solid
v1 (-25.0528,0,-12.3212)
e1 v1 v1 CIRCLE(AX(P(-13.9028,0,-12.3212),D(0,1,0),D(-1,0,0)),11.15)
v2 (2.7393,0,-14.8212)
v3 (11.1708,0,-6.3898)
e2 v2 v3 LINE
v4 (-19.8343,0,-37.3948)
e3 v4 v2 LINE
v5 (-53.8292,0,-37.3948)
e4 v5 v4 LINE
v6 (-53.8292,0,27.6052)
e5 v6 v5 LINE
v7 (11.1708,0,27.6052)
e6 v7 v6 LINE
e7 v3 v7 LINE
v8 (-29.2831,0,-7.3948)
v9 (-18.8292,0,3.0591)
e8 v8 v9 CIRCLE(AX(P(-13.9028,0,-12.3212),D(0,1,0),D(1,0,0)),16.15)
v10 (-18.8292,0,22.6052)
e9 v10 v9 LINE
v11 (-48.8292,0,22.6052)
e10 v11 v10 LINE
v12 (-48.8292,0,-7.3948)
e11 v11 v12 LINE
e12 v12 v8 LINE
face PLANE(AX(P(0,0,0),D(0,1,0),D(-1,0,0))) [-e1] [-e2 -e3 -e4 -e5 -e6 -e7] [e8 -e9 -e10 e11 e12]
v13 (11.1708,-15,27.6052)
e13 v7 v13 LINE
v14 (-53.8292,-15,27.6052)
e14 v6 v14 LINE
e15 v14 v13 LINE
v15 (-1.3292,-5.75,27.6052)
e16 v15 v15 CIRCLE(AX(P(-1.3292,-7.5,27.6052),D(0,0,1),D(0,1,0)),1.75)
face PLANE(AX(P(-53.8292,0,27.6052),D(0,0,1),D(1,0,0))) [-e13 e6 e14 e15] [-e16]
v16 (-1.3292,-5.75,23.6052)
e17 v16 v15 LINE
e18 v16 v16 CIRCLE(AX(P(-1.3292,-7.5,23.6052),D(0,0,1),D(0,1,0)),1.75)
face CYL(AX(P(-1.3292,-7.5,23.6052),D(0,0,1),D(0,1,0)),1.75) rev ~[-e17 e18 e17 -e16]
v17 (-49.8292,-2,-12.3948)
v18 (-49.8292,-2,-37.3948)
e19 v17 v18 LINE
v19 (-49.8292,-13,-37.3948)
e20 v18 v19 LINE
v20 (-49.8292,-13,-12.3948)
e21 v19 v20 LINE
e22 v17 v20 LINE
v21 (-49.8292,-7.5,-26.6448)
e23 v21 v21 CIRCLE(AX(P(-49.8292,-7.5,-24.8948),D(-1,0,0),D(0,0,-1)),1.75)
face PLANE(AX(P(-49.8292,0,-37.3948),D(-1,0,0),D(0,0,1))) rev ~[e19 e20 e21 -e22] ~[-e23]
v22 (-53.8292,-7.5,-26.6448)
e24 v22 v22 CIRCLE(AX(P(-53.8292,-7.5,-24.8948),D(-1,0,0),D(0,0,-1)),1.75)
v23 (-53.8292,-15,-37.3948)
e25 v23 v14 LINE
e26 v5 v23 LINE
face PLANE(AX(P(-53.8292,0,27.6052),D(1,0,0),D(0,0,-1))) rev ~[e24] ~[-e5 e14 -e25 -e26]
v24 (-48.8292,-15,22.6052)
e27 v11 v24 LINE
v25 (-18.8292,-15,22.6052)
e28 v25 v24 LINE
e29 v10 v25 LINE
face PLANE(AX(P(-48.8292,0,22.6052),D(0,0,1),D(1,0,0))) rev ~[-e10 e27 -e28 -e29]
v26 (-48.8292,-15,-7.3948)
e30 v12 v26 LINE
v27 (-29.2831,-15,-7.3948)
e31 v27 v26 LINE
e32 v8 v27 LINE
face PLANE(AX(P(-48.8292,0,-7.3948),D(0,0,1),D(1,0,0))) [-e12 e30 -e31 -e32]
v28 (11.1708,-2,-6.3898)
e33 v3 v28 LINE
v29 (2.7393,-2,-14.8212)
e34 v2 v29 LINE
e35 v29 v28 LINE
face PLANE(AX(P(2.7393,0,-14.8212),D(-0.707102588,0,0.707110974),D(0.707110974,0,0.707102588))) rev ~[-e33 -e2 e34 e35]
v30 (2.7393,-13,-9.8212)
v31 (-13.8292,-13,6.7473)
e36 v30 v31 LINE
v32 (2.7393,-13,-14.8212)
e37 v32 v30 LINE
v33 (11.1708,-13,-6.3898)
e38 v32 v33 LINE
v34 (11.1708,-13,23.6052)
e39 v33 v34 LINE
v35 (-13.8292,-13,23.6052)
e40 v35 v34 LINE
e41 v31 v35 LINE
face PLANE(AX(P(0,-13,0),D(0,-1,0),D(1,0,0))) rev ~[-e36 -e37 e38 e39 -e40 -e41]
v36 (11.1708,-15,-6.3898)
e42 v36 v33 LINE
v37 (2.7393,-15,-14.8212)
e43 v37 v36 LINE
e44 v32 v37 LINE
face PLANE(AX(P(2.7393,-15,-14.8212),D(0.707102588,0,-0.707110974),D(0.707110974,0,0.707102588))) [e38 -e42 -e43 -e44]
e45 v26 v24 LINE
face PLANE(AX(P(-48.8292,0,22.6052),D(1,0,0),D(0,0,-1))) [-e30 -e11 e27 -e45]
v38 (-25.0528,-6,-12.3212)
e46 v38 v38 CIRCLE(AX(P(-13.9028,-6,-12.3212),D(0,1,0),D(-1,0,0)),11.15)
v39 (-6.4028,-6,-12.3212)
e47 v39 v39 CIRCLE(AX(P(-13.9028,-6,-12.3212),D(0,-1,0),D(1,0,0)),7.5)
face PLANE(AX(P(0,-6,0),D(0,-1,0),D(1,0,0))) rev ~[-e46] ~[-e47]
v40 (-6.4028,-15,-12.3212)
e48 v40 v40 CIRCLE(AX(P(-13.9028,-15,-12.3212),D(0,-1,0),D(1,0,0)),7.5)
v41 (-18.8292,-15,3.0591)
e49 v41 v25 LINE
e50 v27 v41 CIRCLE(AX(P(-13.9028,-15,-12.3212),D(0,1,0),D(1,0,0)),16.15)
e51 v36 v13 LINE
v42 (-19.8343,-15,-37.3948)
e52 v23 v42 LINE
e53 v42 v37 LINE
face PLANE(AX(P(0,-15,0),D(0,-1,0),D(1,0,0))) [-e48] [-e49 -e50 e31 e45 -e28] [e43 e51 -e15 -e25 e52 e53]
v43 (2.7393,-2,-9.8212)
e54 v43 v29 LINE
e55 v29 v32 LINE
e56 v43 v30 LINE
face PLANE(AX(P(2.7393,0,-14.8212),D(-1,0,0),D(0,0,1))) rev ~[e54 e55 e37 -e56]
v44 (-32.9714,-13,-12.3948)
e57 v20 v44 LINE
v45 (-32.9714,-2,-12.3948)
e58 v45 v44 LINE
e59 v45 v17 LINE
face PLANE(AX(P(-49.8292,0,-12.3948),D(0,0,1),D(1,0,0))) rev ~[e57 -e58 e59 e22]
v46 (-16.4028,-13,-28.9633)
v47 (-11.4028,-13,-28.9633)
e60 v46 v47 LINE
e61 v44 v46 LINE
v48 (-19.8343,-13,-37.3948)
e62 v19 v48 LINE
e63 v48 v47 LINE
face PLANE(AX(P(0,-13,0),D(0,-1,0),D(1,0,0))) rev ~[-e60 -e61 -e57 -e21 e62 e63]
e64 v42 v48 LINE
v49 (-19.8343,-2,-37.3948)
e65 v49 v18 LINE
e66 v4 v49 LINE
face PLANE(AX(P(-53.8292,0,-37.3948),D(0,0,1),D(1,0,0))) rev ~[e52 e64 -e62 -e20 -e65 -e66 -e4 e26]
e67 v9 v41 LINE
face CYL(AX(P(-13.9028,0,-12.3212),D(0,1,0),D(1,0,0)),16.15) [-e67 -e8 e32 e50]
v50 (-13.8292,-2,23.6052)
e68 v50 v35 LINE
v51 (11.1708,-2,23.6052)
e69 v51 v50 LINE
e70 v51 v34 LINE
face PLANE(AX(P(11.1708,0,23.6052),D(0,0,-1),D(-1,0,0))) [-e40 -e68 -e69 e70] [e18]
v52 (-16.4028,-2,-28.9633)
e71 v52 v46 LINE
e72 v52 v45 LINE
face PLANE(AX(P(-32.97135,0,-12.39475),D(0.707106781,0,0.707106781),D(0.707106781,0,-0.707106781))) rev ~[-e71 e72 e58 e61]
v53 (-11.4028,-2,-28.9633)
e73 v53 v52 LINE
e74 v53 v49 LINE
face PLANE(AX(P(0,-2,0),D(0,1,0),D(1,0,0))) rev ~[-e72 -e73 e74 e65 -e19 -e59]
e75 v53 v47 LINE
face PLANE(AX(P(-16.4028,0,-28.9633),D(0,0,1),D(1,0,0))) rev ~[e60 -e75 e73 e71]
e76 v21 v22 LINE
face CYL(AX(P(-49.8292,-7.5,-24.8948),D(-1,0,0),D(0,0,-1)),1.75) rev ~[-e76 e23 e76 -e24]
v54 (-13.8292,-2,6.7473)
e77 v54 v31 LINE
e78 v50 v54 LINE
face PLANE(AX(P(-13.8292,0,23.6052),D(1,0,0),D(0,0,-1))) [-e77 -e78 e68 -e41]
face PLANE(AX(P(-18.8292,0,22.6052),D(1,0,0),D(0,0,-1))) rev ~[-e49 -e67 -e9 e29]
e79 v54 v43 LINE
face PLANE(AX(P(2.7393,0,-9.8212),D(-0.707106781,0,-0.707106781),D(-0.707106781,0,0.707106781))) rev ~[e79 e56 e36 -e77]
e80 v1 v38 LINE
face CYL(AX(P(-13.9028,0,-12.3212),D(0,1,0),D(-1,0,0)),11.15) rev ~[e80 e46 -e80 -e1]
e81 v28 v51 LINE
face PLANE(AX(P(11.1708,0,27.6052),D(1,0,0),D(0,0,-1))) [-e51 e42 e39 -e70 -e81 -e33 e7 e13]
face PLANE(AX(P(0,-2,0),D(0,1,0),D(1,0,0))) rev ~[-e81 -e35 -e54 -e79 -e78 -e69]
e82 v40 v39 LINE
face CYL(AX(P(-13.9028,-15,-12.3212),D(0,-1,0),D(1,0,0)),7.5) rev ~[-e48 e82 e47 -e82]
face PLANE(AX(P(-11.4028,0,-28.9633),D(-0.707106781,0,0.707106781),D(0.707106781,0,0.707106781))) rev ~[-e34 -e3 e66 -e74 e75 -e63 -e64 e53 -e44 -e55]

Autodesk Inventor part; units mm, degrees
ref_plane "YZ Plane" through (0, 0, 0) normal (1, 0, 0) x (0, 1, 0)
ref_plane "XZ Plane" through (0, 0, 0) normal (0, 1, 0) x (-1, 0, 0)
ref_plane "XY Plane" through (0, 0, 0) normal (0, 0, 1) x (1, 0, 0)
sketch "Sketch1" plane through (0, 0, 0) normal (0, 1, 0) x (-1, 0, 0)
  line L0 (49.6871, 42.6052) -> (39.6871, 32.6052) projected
  line L1 (53.8292, 42.6052) -> (49.6871, 42.6052) projected
  line L2 (53.8292, 27.6052) -> (53.8292, 42.6052) projected
  line L3 (68.8292, 27.6052) -> (53.8292, 27.6052) projected
  line L4 (68.8292, 23.4631) -> (68.8292, 27.6052) projected
  line L5 (58.8292, 13.4631) -> (68.8292, 23.4631) projected
  line L6 (53.8292, 13.4631) -> (58.8292, 13.4631) projected
  line L7 (39.6871, 27.6052) -> (53.8292, 13.4631) projected
  line L8 (39.6871, 32.6052) -> (39.6871, 27.6052) projected
  line L9 (58.8292, 13.4631) -> (53.8292, 13.4631) projected
  line L10 (58.8292, 13.4631) -> (16.4028, -28.9633) projected
  line L11 (16.4028, -28.9633) -> (11.4028, -28.9633) projected
  line L12 (11.4028, -28.9633) -> (-2.7393, -14.8212) projected
  line L13 (-2.7393, -14.8212) -> (-2.7393, -9.8212) projected
  line L14 (-2.7393, -9.8212) -> (39.6871, 32.6052) projected
  line L15 (39.6871, 27.6052) -> (39.6871, 32.6052) projected
  line L16 (53.8292, 13.4631) -> (39.6871, 27.6052) projected
  circle A0 centre (13.9028, -12.3212) radius 11.15 projected
  line L17 (53.8292, 27.6052) -> (53.8292, -37.3948)
  line L18 (53.8292, 27.6052) -> (-11.1708, 27.6052)
  line L19 (53.8292, -37.3948) -> (49.8292, -37.3948)
  line L20 (49.8292, -37.3948) -> (49.8292, -12.3948)
  line L21 (49.8292, -12.3948) -> (32.9714, -12.3948)
  line L22 (-11.1708, 27.6052) -> (-11.1708, 23.6052)
  line L23 (-11.1708, 23.6052) -> (13.8292, 23.6052)
  line L24 (13.8292, 23.6052) -> (13.8292, 6.7473)
  point P0 (0, 0)
  dimension "d5" = 65
  dimension "d6" = 4
  dimension "d7" = 25
extrude "Extrusion1" add sketch "Sketch1" against normal blind 15 contours L18 L17 L7 | L7 L17 L10 L11 L12 L13 L14 L18 | L14 L24 L23 L22 L18 | L17 L19 L20 L21 L10
sketch "Sketch2" plane through (0, -15, 0) normal (0, -1, 0) x (1, 0, 0)
  circle A0 centre (-13.9028, -12.3212) radius 11.15 projected
  circle A1 centre (-13.9028, -12.3212) radius 7.5
  point P0 (0, 0)
  dimension "d2" = 15
extrude "Extrusion2" add sketch "Sketch2" against normal blind 9
sketch "Sketch3" plane through (0, 0, 0) normal (0, 1, 0) x (1, 0, 0)
  line L0 (2.7393, 14.8212) -> (-11.4028, 28.9633) projected
  line L1 (-11.4028, 28.9633) -> (-16.4028, 28.9633) projected
  line L2 (-16.4028, 28.9633) -> (-32.9714, 12.3948) projected
  line L3 (-32.9714, 12.3948) -> (-49.8292, 12.3948) projected
  line L4 (-49.8292, 12.3948) -> (-49.8292, 37.3948) projected
  line L5 (-49.8292, 37.3948) -> (-53.8292, 37.3948) projected
  line L6 (-53.8292, 37.3948) -> (-53.8292, -27.6052) projected
  line L7 (-53.8292, -27.6052) -> (11.1708, -27.6052) projected
  line L8 (11.1708, -27.6052) -> (11.1708, -23.6052) projected
  line L9 (11.1708, -23.6052) -> (-13.8292, -23.6052) projected
  line L10 (-13.8292, -23.6052) -> (-13.8292, -6.7473) projected
  line L11 (-13.8292, -6.7473) -> (2.7393, 9.8212) projected
  line L12 (2.7393, 9.8212) -> (2.7393, 14.8212) projected
  circle A0 centre (-13.9028, 12.3212) radius 11.15 projected
  line L13 (2.7393, 14.8212) -> (11.1708, 6.3898)
  line L14 (11.1708, 6.3898) -> (11.1708, -23.6052)
  line L15 (-11.4028, 28.9633) -> (-19.8343, 37.3948)
  line L16 (-19.8343, 37.3948) -> (-49.8292, 37.3948)
  line L17 (-11.4028, 28.9633) -> (-16.4028, 28.9633) projected
  point P0 (0, 0)
extrude "Extrusion3" add sketch "Sketch3" against normal blind 2 contours L13 L14 L9 L10 L11 L12 | L1 L2 L3 L4 L16 L15
sketch "Sketch4" plane through (0, -15, 0) normal (0, -1, 0) x (1, 0, 0)
  line L0 (2.7393, -9.8212) -> (-13.8292, 6.7473) projected
  line L1 (2.7393, -14.8212) -> (2.7393, -9.8212) projected
  line L2 (2.7393, -14.8212) -> (11.1708, -6.3898) projected
  line L3 (11.1708, -6.3898) -> (11.1708, 23.6052) projected
  line L4 (-13.8292, 23.6052) -> (11.1708, 23.6052) projected
  line L5 (-13.8292, 6.7473) -> (-13.8292, 23.6052) projected
  line L6 (-49.8292, -37.3948) -> (-19.8343, -37.3948) projected
  line L7 (-19.8343, -37.3948) -> (-11.4028, -28.9633) projected
  line L8 (-16.4028, -28.9633) -> (-11.4028, -28.9633) projected
  line L9 (-32.9714, -12.3948) -> (-16.4028, -28.9633) projected
  line L10 (-49.8292, -12.3948) -> (-32.9714, -12.3948) projected
  line L11 (-49.8292, -37.3948) -> (-49.8292, -12.3948) projected
  point P0 (0, 0)
extrude "Extrusion4" add sketch "Sketch4" against normal blind 2
sketch "Sketch5" plane through (11.1708, -2, 23.6052) normal (0, 0, -1) x (-1, 0, 0)
  line L0 (0, -11) -> (25, -11) projected
  line L1 (25, 0) -> (25, -11) projected
  line L2 (25, 0) -> (0, 0) projected
  line L3 (0, 0) -> (0, -11) projected
  point P0 (11.1708, 2)
  point P1 (12.5, -5.5)
  point P2 (0, -5.5)
  point P3 (12.5, 0)
hole "Hole1" at (-1.3292, -7.5, 23.6052) direction (0, 0, 1) diameter 3.5 end through all
sketch "Sketch6" plane through (-49.8292, -2, -12.3948) normal (1, 0, 0) x (0, 0, -1)
  line L0 (0, -11) -> (25, -11) projected
  line L1 (25, 0) -> (25, -11) projected
  line L2 (25, 0) -> (0, 0) projected
  line L3 (0, 0) -> (0, -11) projected
  point P0 (-12.3948, 2)
  point P1 (12.5, -5.5)
  point P2 (25, -5.5)
  point P3 (12.5, 0)
hole "Hole2" at (-49.8292, -7.5, -24.8948) direction (-1, 0, 0) diameter 3.5 end through all
sketch "Sketch7" plane through (0, 0, 0) normal (0, 1, 0) x (1, 0, 0)
  line L0 (11.1708, 6.3898) -> (-19.8343, 37.3948) projected
  line L1 (-19.8343, 37.3948) -> (-53.8292, 37.3948) projected
  line L2 (-53.8292, 37.3948) -> (-53.8292, -27.6052) projected
  line L3 (-53.8292, -27.6052) -> (11.1708, -27.6052) projected
  line L4 (11.1708, -27.6052) -> (11.1708, 6.3898) projected
  circle A0 centre (-13.9028, 12.3212) radius 11.15 projected
  line L5 (-48.8292, -22.6052) -> (-48.8292, 7.3948)
  circle A1 centre (-13.9028, 12.3212) radius 16.15
  line L6 (-48.8292, -22.6052) -> (-18.8292, -22.6052)
  line L7 (-18.8292, -22.6052) -> (-18.8292, -3.0591)
  line L8 (-48.8292, 7.3948) -> (-29.2831, 7.3948)
  point P0 (0, 0)
  dimension "d26" = 5
  dimension "d27" = 5
  dimension "d28" = 5
  dimension "d31" = 30
extrude "Extrusion5" cut sketch "Sketch7" against normal through all contours A1 L7 L6 L5 L8
equation "\"d27\" = d28"
properties part number "Z Axis Bottom Bearing Holder" material "ABS Plastic"
